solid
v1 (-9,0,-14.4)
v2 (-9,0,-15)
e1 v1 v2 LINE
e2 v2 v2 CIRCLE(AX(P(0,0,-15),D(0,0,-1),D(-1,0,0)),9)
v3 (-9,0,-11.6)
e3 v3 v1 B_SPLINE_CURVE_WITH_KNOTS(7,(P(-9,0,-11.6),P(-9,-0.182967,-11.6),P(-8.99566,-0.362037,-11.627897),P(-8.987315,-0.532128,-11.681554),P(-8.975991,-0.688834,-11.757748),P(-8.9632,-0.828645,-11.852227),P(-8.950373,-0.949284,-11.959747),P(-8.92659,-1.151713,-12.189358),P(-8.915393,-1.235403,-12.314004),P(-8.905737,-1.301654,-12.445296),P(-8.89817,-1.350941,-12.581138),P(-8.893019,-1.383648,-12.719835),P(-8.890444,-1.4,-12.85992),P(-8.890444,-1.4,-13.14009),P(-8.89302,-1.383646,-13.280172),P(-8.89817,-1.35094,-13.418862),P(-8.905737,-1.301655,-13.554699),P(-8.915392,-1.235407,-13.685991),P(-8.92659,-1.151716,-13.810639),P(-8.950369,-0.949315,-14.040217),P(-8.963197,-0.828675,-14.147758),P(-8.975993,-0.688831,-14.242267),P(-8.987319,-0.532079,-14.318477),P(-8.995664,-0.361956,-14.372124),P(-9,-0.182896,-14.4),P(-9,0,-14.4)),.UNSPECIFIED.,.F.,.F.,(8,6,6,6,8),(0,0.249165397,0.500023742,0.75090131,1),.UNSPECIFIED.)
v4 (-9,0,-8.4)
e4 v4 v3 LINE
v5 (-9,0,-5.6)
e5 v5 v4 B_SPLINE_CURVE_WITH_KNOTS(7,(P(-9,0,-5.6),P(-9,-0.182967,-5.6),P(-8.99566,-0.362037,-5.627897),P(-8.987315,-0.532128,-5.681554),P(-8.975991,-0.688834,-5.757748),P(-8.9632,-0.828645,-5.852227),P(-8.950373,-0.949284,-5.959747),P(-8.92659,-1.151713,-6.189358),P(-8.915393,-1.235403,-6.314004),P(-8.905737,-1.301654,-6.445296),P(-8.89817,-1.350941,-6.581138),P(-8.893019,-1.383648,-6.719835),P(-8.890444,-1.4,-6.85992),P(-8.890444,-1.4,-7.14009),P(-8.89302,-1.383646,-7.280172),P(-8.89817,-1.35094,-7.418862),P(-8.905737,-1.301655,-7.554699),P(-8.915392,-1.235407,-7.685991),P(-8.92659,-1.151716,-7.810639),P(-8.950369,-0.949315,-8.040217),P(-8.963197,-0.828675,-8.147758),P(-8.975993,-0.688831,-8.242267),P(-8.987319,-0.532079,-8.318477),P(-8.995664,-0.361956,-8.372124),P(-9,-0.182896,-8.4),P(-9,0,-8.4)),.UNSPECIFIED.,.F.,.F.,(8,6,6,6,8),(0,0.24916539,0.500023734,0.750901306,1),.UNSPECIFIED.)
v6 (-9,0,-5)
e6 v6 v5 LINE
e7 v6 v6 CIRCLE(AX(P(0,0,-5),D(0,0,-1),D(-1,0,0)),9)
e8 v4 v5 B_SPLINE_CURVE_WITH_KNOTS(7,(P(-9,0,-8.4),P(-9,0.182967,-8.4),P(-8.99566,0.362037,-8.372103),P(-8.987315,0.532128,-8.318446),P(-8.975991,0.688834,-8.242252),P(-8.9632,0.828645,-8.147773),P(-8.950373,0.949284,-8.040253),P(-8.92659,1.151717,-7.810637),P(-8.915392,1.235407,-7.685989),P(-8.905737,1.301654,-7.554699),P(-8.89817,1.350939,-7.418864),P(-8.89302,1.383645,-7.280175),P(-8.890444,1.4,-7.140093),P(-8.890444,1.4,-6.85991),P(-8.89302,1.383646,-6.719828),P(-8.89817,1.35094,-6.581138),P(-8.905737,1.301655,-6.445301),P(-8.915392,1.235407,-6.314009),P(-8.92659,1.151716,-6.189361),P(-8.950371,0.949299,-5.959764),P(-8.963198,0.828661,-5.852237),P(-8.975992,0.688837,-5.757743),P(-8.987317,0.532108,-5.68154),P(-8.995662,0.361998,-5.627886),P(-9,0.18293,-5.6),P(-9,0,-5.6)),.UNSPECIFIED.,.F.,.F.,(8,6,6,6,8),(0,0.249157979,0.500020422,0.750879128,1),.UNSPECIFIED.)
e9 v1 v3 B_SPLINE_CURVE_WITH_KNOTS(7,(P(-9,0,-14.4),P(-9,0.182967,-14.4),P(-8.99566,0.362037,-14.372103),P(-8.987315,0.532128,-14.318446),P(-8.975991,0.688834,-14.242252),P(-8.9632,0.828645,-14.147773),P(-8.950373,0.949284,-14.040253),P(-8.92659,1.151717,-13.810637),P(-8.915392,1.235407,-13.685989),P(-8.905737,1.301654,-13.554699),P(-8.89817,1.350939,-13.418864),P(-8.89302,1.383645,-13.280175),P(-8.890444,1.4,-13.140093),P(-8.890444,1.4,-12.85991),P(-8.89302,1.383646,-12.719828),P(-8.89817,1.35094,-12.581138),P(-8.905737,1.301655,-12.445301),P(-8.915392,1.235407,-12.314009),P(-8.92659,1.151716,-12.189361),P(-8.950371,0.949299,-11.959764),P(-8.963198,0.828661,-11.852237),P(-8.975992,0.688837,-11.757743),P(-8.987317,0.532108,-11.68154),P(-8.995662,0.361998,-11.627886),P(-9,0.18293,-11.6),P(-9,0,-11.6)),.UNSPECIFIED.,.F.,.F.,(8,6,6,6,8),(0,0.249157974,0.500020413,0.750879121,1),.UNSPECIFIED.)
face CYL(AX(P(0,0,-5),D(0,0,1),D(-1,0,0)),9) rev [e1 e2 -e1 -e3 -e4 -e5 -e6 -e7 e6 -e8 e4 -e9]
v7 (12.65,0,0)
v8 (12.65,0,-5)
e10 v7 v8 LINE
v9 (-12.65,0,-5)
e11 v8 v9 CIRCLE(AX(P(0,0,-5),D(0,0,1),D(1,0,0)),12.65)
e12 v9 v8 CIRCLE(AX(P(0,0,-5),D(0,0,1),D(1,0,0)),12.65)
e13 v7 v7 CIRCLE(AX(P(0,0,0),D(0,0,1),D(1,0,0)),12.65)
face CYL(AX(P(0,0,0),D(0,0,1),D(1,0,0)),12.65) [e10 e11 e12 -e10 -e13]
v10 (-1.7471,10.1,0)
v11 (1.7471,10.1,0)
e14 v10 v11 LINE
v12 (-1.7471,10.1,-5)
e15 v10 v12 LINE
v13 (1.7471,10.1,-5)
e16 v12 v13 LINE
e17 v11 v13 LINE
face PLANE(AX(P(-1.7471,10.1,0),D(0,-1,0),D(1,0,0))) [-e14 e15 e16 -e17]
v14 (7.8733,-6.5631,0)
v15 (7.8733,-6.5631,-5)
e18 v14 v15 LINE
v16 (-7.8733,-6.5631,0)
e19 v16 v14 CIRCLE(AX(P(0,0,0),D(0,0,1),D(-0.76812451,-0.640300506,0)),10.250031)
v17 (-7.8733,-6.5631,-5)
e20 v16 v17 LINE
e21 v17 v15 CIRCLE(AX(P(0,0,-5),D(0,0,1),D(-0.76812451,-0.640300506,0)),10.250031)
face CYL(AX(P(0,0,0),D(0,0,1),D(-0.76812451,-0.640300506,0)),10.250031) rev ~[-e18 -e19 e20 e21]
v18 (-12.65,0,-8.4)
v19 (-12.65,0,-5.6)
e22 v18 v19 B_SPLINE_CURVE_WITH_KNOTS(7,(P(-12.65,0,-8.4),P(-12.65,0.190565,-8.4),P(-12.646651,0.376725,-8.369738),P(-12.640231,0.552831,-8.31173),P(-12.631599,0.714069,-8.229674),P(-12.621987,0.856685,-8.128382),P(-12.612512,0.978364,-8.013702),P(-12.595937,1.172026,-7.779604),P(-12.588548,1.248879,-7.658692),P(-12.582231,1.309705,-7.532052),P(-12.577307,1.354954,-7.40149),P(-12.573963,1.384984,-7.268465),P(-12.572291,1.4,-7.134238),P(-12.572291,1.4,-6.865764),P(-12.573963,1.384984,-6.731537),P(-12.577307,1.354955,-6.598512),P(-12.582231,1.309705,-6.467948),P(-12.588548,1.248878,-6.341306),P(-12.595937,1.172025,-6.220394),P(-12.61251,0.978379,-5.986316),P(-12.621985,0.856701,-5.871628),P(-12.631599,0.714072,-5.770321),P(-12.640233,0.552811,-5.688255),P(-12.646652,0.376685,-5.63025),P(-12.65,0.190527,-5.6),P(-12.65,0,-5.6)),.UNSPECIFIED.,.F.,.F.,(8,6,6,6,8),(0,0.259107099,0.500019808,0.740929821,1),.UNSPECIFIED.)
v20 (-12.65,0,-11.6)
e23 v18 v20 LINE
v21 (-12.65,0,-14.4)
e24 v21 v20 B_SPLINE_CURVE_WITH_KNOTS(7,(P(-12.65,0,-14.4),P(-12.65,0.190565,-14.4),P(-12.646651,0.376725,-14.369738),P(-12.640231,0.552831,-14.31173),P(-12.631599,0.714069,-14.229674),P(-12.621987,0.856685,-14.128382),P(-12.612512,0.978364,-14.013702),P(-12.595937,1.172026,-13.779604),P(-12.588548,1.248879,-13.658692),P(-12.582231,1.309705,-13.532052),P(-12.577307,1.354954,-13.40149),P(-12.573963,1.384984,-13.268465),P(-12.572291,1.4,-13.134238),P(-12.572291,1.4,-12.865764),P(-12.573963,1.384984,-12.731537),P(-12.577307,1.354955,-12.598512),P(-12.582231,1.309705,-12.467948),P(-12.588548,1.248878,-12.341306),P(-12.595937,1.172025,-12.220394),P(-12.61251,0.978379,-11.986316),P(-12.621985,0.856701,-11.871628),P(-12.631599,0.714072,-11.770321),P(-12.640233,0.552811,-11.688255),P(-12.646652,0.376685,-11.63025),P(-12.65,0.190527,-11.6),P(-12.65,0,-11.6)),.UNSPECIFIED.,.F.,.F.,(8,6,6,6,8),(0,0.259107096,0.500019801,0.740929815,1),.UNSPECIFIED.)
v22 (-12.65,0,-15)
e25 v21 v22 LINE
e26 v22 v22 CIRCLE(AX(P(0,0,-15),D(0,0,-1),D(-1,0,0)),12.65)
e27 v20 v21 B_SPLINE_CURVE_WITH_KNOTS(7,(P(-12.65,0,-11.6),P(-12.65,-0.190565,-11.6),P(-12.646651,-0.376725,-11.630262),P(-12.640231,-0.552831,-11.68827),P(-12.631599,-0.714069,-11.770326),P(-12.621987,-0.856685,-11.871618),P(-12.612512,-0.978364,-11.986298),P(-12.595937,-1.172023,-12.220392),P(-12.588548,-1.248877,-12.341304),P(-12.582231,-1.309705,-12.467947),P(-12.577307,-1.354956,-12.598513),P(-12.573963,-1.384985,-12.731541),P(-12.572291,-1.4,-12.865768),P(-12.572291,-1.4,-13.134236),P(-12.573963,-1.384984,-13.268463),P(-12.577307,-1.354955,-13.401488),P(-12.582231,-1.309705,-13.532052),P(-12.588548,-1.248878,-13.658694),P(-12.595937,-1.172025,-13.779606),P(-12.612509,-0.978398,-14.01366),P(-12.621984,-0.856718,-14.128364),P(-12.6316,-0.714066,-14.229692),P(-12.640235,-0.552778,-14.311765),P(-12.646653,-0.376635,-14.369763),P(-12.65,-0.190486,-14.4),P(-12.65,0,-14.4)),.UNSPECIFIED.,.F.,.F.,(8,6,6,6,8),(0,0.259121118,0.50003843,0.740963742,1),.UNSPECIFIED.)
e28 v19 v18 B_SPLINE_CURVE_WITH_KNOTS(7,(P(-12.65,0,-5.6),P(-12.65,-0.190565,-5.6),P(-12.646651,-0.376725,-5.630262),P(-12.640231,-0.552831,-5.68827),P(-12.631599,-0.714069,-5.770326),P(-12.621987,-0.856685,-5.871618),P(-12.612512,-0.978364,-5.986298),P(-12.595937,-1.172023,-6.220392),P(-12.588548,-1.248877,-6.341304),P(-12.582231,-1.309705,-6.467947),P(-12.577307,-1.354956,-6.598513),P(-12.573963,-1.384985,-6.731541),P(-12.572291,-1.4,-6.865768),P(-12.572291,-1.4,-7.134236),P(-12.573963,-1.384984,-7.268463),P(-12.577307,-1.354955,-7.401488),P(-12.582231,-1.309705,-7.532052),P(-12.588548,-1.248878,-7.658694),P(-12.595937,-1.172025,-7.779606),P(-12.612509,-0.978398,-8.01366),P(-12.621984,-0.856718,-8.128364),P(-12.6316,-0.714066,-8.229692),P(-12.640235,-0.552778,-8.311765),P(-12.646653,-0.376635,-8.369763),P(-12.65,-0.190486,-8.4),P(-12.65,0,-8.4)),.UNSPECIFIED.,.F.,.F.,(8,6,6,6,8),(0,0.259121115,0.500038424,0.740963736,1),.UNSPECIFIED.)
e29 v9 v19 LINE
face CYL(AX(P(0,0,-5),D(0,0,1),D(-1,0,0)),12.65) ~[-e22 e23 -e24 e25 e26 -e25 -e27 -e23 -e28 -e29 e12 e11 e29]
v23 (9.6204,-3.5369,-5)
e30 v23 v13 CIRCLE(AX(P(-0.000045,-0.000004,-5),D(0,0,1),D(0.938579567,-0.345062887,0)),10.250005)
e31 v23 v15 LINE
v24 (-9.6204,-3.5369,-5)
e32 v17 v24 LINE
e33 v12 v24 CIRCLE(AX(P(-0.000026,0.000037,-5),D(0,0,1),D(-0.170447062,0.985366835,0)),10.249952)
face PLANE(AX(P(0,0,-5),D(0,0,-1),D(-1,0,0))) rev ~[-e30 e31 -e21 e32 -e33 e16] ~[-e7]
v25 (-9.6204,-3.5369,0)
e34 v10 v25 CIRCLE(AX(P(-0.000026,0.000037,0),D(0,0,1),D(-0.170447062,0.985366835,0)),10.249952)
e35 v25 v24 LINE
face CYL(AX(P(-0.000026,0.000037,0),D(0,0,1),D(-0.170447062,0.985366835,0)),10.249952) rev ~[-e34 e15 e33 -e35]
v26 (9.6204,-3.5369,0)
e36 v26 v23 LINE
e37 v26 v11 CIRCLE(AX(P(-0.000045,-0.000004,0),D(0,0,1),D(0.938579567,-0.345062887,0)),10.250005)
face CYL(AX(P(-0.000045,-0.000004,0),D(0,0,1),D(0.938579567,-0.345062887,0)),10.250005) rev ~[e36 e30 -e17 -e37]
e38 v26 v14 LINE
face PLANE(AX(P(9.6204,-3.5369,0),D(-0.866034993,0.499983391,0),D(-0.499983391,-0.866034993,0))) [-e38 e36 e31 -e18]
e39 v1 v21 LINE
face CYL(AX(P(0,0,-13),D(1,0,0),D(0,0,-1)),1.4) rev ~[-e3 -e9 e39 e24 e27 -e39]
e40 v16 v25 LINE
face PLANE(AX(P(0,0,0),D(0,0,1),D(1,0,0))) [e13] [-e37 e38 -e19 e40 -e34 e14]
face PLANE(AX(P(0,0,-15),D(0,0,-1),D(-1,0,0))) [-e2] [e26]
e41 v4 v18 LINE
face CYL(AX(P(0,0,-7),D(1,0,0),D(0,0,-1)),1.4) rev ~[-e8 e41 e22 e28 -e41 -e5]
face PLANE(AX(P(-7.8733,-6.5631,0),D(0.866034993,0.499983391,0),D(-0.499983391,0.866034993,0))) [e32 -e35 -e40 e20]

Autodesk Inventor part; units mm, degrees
ref_plane "YZ Plane" through (0, 0, 0) normal (1, 0, 0) x (0, 1, 0)
ref_plane "XZ Plane" through (0, 0, 0) normal (0, 1, 0) x (-1, 0, 0)
ref_plane "XY Plane" through (0, 0, 0) normal (0, 0, 1) x (1, 0, 0)
sketch "Sketch1" plane through (0, 0, 0) normal (0, 0, 1) x (1, 0, 0)
  line L0 (9.6801, -14.008) -> (7.2052, -11.5331) construction
  line L1 (7.2052, -11.5331) -> (11.5893, -7.1491) construction
  line L2 (11.5893, -7.1491) -> (14.0642, -9.6239) construction
  line L3 (14.0642, -9.6239) -> (9.6801, -14.008) construction
  arc A0 (12.6369, -4.7496) -> (4.7496, -12.6369) centre (0, 0) ccw construction
  line L4 (10.9298, -3.0424) -> (12.6369, -4.7496) construction
  line L5 (11.6618, -4.6122) -> (10.9298, -3.0424) construction
  arc A1 (11.6618, -4.6122) -> (10.8551, -4.47) centre (11.2086, -4.8235) ccw construction
  line L6 (10.7915, -4.5335) -> (10.8551, -4.47) construction
  arc A2 (10.7915, -4.5335) -> (10.6527, -4.9738) centre (11.1451, -4.887) ccw construction
  line L7 (10.915, -6.4612) -> (10.6527, -4.9738) construction
  arc A3 (10.7761, -6.9016) -> (10.915, -6.4612) centre (10.4226, -6.548) ccw construction
  line L8 (6.9016, -10.7761) -> (10.7761, -6.9016) construction
  arc A4 (6.4612, -10.915) -> (6.9016, -10.7761) centre (6.548, -10.4226) ccw construction
  line L9 (6.4612, -10.915) -> (4.9738, -10.6527) construction
  arc A5 (4.9738, -10.6527) -> (4.5335, -10.7915) centre (4.887, -11.1451) ccw construction
  line L10 (4.5335, -10.7915) -> (4.47, -10.8551) construction
  arc A6 (4.47, -10.8551) -> (4.6122, -11.6618) centre (4.8235, -11.2086) ccw construction
  line L11 (4.6122, -11.6618) -> (3.0424, -10.9298) construction
  line L12 (3.0424, -10.9298) -> (4.7496, -12.6369) construction
  line L13 (-1.7167, -14.6498) -> (-1.7167, -17.5) construction
  line L14 (-1.7167, -17.5) -> (1.7167, -17.5) construction
  line L15 (1.7167, -14.6498) -> (1.7167, -17.5) construction
  arc A7 (1.7167, -14.6498) -> (6.9595, -13.0049) centre (0, 0) ccw construction
  arc A8 (6.9595, -13.0049) -> (8.2728, -15.1789) centre (8.2994, -13.6792) ccw construction
  line L16 (8.2728, -15.1789) -> (7.6816, -15.1684) construction
  arc A9 (8.5249, -17.8901) -> (7.6816, -15.1684) centre (7.655, -16.6682) ccw construction
  line L17 (8.5249, -17.8901) -> (13.5161, -14.3366) construction
  line L18 (13.5161, -14.3366) -> (13.5161, -12.2823) construction
  line L19 (13.5161, -12.2823) -> (14.6168, -12.2823) construction
  line L20 (14.6168, -12.2823) -> (14.6168, -1.9776) construction
  arc A10 (14.6168, -1.9776) -> (1.7167, 14.6498) centre (0, 0) ccw construction
  line L21 (1.7167, 14.6498) -> (1.7167, 17.5) construction
  line L22 (-1.7167, 17.5) -> (1.7167, 17.5) construction
  line L23 (-1.7167, 14.6498) -> (-1.7167, 17.5) construction
  arc A11 (-1.7167, 14.6498) -> (-14.2817, -3.6872) centre (0, 0) ccw construction
  line L24 (-14.2817, -3.6872) -> (-15.4135, -5.7935) construction
  arc A12 (-15.4135, -5.7935) -> (-14.5984, -8.502) centre (-13.6517, -6.7402) ccw construction
  line L25 (-14.5984, -8.502) -> (-9.6326, -11.1703) construction
  arc A13 (-9.6326, -11.1703) -> (-1.7167, -14.6498) centre (0, 0) ccw construction
  line L26 (-24.6, 24.6) -> (25.2, -25.2) construction
  line L27 (25.2, 24.6) -> (-24.6, -25.2) construction
  arc A14 (-1.7471, 10.1) -> (-9.6204, -3.5369) centre (0, 0) ccw
  circle A15 centre (0, 0) radius 10.1 construction
  line L28 (-1.7471, 10.1) -> (1.7471, 10.1)
  line L29 (-7.8733, -6.5631) -> (-9.6204, -3.5369)
  line L30 (9.6204, -3.5369) -> (7.8733, -6.5631)
  arc A16 (1.7471, 10.1) -> (-1.7471, 10.1) centre (0, 0) ccw
  arc A17 (9.6204, -3.5369) -> (1.7471, 10.1) centre (0, 0) ccw
  arc A18 (7.8733, -6.5631) -> (9.6204, -3.5369) centre (0, 0) ccw
  arc A19 (-7.8733, -6.5631) -> (7.8733, -6.5631) centre (0, 0) ccw
  arc A20 (-9.6204, -3.5369) -> (-7.8733, -6.5631) centre (0, 0) ccw
  arc A21 (10.7786, -4.5205) -> (10.6704, -4.6789) centre (11.1451, -4.887) ccw construction
  line L31 (10.7786, -4.5205) -> (10.8421, -4.457) construction
  arc A22 (11.7261, -4.7937) -> (10.8421, -4.457) centre (11.2086, -4.8235) ccw construction
  line L32 (11.7261, -4.7937) -> (10.8691, -2.9558) construction
  line L33 (10.8691, -2.9558) -> (12.6297, -4.7164) construction
  line L34 (4.7164, -12.6297) -> (2.9558, -10.8691) construction
  line L35 (2.9558, -10.8691) -> (4.4463, -11.5641) construction
  arc A23 (4.457, -10.8421) -> (4.4463, -11.5641) centre (4.8235, -11.2086) ccw construction
  line L36 (4.457, -10.8421) -> (4.5223, -10.7767) construction
  arc A24 (4.977, -10.6346) -> (4.6789, -10.6704) centre (4.887, -11.1451) ccw
  arc A25 (4.6789, -10.6704) -> (4.5223, -10.7767) centre (4.887, -11.1451) ccw construction
  arc A26 (10.6704, -4.6789) -> (10.6346, -4.977) centre (11.1451, -4.887) ccw
  circle A27 centre (0, 0) radius 12.65
  dimension "d4" = 20.2
  dimension "d6" = 20.5
  dimension "d9" = 360
  dimension "d28" = 25.3
extrude "Extrusion1" add sketch "Sketch1" against normal blind 5 contours A16 L28 | L29 A20 | A18 L30 | A27
sketch "Sketch3" plane through (0, 0, -5) normal (0, 0, -1) x (-1, 0, 0)
  arc A0 (-7.8733, -6.5631) -> (7.8733, -6.5631) centre (0, 0) ccw projected
  circle A1 centre (0, 0) radius 9
  circle A2 centre (0, 0) radius 11.5312
  circle A3 centre (0, 0) radius 12.65 projected
  line L0 (9.6204, -3.5369) -> (7.8733, -6.5631) projected
  line L1 (-7.8733, -6.5631) -> (-9.6204, -3.5369) projected
  arc A4 (-1.7471, 10.1) -> (-9.6204, -3.5369) centre (0, 0) ccw projected
  line L2 (-1.7471, 10.1) -> (1.7471, 10.1) projected
  arc A5 (9.6204, -3.5369) -> (1.7471, 10.1) centre (0, 0) ccw projected
  dimension "d17" = 18
extrude "Extrusion3" add sketch "Sketch3" along normal blind 10 contours L1 A4 L2 A5 L0 A0 | A2 | A3
sketch "Sketch4" plane through (0, -10.7054, 0) normal (1, 0, 0) x (0, 0, -1)
  line L0 (15, 19.7054) -> (15, 1.7054) projected
  line L1 (5, 1.7054) -> (5, 19.7054) projected
  circle A0 centre (13, 10.7054) radius 1.4
  circle A1 centre (7, 10.7054) radius 1.4
  dimension "d24" = 2.8
  dimension "d25" = 2.8
  dimension "d26" = 6
  dimension "d27" = 2
extrude "Extrusion4" cut sketch "Sketch4" against normal through all
properties part number "20_focus_inlet_objective_mount_v8"
